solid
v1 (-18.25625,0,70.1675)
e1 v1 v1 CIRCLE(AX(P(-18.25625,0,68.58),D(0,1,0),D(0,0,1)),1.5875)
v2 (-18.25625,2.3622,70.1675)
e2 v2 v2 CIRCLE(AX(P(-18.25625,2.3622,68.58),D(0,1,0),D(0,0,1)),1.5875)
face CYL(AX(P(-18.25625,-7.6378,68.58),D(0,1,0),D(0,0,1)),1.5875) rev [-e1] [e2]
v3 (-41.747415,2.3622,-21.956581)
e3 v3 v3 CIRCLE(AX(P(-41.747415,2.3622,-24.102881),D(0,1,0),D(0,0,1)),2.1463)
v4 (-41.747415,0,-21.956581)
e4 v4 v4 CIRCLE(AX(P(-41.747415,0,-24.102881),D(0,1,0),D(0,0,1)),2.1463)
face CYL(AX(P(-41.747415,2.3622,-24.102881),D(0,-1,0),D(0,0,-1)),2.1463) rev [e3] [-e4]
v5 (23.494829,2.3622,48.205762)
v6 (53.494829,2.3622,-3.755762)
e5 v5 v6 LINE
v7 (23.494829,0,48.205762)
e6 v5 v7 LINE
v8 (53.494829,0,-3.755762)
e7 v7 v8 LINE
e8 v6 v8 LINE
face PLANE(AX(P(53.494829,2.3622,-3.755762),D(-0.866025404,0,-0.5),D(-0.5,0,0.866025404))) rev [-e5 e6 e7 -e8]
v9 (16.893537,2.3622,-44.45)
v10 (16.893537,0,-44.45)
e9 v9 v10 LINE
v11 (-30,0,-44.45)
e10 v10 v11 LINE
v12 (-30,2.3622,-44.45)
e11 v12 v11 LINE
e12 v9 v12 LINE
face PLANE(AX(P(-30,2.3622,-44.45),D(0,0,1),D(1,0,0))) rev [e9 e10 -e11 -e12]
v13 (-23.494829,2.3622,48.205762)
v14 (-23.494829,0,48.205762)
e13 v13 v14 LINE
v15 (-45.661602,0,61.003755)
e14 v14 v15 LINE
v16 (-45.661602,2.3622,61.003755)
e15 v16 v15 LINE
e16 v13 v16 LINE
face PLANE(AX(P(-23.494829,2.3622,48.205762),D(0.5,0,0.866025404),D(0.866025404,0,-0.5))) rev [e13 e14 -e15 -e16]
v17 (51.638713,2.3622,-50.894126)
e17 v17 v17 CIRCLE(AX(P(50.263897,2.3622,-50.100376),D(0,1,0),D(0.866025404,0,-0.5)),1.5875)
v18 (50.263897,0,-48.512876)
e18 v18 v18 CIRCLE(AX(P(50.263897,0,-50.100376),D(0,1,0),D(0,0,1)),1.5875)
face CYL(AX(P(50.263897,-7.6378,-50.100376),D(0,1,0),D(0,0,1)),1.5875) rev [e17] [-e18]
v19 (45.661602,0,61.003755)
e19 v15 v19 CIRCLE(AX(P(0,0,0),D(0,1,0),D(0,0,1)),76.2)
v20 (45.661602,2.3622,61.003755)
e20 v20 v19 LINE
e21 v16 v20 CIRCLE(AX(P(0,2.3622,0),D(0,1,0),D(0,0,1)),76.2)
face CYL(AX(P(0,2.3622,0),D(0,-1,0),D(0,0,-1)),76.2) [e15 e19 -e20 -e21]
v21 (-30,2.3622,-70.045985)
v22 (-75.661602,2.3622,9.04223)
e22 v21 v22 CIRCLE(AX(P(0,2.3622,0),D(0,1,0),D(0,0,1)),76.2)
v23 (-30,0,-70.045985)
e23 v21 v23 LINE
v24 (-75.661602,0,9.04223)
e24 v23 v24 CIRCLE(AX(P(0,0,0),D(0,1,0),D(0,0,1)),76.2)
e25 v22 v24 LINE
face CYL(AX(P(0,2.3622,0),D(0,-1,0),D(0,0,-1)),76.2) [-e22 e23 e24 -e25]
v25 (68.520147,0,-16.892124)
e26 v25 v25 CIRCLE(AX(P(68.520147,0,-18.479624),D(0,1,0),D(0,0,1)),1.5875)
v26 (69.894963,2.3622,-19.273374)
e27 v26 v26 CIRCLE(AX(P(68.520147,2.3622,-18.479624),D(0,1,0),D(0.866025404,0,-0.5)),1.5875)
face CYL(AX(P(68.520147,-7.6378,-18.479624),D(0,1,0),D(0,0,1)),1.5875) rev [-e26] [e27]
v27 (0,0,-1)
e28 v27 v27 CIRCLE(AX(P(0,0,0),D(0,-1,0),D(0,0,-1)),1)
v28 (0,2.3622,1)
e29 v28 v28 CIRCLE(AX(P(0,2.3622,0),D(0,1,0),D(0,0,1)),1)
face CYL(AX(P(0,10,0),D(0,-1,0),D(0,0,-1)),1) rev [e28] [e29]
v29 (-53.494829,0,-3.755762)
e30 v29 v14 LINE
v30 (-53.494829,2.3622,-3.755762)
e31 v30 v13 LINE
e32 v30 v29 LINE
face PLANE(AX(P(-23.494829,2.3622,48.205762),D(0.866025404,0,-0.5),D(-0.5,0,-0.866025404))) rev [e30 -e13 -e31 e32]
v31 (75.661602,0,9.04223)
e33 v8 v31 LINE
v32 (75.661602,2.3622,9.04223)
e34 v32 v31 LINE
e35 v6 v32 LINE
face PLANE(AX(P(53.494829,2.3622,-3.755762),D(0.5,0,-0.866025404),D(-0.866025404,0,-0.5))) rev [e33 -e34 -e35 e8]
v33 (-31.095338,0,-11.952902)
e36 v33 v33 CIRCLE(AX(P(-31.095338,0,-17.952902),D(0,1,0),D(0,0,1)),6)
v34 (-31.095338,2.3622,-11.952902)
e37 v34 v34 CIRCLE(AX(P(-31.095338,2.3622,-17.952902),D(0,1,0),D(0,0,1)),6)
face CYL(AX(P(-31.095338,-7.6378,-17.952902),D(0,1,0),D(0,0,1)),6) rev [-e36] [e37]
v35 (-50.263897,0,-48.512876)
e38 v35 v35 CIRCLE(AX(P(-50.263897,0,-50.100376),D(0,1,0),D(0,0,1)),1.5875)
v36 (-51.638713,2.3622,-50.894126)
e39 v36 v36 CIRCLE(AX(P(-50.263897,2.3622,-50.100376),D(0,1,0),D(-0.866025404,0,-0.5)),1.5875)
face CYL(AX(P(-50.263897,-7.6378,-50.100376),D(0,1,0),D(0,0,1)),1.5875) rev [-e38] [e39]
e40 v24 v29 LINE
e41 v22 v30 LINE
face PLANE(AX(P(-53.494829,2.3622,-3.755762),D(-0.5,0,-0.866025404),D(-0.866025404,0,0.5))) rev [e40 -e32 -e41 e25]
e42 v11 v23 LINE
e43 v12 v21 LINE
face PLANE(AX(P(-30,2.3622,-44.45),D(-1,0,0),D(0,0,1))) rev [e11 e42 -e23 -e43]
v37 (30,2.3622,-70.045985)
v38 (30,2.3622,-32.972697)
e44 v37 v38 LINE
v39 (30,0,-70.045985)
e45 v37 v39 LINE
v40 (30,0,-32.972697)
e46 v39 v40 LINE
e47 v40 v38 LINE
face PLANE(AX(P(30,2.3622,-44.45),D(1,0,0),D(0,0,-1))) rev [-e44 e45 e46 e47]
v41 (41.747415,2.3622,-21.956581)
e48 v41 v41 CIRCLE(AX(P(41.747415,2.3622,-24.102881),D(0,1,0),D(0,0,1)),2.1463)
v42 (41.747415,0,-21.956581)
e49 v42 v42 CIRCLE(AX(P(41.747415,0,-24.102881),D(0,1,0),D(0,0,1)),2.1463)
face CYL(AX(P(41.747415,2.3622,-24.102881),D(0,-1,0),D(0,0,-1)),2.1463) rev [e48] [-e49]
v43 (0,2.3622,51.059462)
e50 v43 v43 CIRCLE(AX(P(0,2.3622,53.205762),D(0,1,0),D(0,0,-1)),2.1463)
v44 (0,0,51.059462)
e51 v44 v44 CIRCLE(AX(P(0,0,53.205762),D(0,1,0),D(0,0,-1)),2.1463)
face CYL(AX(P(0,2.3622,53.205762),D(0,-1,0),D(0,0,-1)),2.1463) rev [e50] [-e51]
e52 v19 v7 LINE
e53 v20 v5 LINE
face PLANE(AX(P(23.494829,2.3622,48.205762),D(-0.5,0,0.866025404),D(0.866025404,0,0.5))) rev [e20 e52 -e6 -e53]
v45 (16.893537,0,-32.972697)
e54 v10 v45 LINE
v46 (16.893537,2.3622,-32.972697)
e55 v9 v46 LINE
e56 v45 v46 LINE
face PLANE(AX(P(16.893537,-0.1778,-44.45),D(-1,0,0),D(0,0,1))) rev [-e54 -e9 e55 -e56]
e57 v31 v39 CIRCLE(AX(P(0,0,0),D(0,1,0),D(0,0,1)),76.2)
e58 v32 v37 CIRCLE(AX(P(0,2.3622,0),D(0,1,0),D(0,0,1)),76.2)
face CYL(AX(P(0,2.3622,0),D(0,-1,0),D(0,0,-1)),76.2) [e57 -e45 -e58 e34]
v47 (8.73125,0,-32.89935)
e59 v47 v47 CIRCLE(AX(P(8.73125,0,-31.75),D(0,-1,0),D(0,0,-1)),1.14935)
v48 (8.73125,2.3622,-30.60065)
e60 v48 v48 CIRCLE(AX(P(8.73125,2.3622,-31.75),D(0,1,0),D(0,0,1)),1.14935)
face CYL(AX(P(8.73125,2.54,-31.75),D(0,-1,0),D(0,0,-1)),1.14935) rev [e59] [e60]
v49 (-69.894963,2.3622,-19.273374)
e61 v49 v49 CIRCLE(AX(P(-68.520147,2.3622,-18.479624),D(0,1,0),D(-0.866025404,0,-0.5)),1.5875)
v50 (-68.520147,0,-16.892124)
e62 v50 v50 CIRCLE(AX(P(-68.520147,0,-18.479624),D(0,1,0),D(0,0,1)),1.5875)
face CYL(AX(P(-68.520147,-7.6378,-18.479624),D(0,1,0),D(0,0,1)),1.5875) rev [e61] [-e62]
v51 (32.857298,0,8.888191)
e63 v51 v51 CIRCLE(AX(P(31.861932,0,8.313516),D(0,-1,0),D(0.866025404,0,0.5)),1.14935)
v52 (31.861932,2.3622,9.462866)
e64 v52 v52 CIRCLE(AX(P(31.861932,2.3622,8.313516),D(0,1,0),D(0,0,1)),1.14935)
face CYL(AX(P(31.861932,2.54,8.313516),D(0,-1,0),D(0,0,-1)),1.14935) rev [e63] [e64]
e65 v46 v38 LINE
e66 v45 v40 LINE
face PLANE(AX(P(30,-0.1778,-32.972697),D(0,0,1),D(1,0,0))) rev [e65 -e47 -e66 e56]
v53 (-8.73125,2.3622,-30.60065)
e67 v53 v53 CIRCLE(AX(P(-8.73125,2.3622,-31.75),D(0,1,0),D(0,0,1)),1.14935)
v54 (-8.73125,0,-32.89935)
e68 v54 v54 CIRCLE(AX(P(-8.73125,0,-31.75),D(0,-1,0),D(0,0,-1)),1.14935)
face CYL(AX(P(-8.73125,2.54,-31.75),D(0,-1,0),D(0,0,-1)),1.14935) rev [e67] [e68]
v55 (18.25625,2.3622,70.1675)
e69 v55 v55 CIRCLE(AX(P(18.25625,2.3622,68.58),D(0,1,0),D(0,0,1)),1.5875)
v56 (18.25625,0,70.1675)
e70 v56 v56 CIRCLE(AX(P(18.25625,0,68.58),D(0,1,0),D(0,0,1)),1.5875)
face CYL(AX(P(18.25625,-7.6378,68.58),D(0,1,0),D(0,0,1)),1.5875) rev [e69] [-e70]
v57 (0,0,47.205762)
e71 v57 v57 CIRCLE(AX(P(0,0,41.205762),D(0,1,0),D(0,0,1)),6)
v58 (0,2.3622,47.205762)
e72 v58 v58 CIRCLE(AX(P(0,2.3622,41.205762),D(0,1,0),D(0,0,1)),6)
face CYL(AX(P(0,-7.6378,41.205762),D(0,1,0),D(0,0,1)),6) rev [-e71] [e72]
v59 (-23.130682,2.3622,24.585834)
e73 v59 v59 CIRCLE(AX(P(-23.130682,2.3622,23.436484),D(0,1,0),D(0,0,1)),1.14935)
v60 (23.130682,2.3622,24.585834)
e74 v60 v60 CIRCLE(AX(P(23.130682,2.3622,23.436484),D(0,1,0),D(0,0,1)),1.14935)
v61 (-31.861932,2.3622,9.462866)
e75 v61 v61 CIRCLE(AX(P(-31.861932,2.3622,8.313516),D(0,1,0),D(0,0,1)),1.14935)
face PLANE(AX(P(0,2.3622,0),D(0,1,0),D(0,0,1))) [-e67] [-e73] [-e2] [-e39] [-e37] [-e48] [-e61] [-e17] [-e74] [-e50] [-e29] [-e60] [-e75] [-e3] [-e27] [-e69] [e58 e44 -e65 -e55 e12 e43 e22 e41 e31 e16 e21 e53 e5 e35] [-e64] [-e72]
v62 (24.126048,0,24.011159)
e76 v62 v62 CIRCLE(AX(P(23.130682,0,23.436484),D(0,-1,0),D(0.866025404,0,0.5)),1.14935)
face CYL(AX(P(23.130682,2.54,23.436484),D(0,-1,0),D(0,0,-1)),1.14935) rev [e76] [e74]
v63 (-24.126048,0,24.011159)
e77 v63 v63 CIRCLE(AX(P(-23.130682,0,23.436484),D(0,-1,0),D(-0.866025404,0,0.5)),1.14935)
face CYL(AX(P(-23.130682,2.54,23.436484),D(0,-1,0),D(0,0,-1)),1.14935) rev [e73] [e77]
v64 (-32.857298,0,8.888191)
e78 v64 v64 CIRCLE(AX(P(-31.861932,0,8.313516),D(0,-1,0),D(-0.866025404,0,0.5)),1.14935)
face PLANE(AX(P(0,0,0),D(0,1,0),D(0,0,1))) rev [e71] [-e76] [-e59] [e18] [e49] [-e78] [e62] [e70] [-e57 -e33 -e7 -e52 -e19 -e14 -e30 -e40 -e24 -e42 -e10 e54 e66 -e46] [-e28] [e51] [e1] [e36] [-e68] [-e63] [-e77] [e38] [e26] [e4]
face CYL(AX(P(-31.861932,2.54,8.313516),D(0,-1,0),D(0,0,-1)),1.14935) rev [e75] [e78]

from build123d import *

# Parameters (mm, degrees)
SKETCH1_R           = 2.1463
BOSS_EXTRUDE1_DEPTH = 2.3622
SKETCH2_R           = 1.5875
CUT_EXTRUDE1_DEPTH  = 10
SKETCH4_R           = 6
SKETCH4_R_2         = 5.999999938
CUT_EXTRUDE3_DEPTH  = 10
SKETCH6_R           = 1
CUT_EXTRUDE4_DEPTH  = 10
CIRPATTERN2_COUNT   = 3
SKETCH7_R           = 1.14935
CUT_EXTRUDE5_DEPTH  = 2.54
CIRPATTERN3_COUNT   = 3
SKETCH8_W           = 13.106463283
SKETCH8_H           = 11.477303128
CUT_EXTRUDE6_DEPTH  = 2.54


with BuildPart() as part:
    # Sketch1 → Boss-Extrude1 (new body)
    with BuildSketch(Plane(origin=(0, 0, 0), x_dir=(1, 0, 0), z_dir=(0, 1, 0))):
        with BuildLine():
            Line((-30, 44.45), (-30, 70.045984896))
            ThreePointArc((-30, 70.045984896), (-65.991135768, 38.1), (-75.661602353, -9.042230334))
            Line((-75.661602353, -9.042230334), (-53.494829198, 3.755762114))
            Line((-53.494829198, 3.755762114), (-23.494829198, -48.205762114))
            Line((-23.494829198, -48.205762114), (-45.661602353, -61.003754561))
            ThreePointArc((-45.661602353, -61.003754561), (0, -76.2), (45.661602353, -61.003754561))
            Line((45.661602353, -61.003754561), (23.494829198, -48.205762114))
            Line((23.494829198, -48.205762114), (53.494829198, 3.755762114))
            Line((53.494829198, 3.755762114), (75.661602353, -9.042230334))
            ThreePointArc((75.661602353, -9.042230334), (65.991135768, 38.1), (30, 70.045984896))
            Line((30, 70.045984896), (30, 44.45))
            Line((30, 44.45), (-30, 44.45))
        make_face()
        with Locations(Location((-41.747414599, 24.102881057, 0), (0, 0, 270))):
            Circle(SKETCH1_R, mode=Mode.SUBTRACT)
        with Locations(Location((41.747414599, 24.102881057, 0), (0, 0, 270))):
            Circle(SKETCH1_R, mode=Mode.SUBTRACT)
        with Locations(Location((0, -53.205762114, 0), (0, 0, 90))):
            Circle(SKETCH1_R, mode=Mode.SUBTRACT)
    extrude(amount=BOSS_EXTRUDE1_DEPTH)

    # Sketch2 → Cut-Extrude1 (cut)
    with BuildSketch(Plane(origin=(0, 2.3622, 0), x_dir=(1, 0, 0), z_dir=(0, 1, 0))):
        with Locations(Location((18.25625, -68.58, 0), (0, 0, 270))):
            Circle(SKETCH2_R)
        with Locations(Location((-18.25625, -68.58, 0), (0, 0, 270))):
            Circle(SKETCH2_R)
    cut_extrude1 = extrude(amount=-CUT_EXTRUDE1_DEPTH, mode=Mode.SUBTRACT)

    # Sketch4 → Cut-Extrude3 (cut)
    with BuildSketch(Plane(origin=(0, 2.3622, 0), x_dir=(1, 0, 0), z_dir=(0, 1, 0))):
        with Locations(Location((0, -41.205762114, 0), (0, 0, 270))):
            Circle(SKETCH4_R)
        with Locations(Location((-31.095337868, 17.952901689, 0), (0, 0, 270))):
            Circle(SKETCH4_R_2)
    extrude(amount=-CUT_EXTRUDE3_DEPTH, mode=Mode.SUBTRACT)

    # Sketch6 → Cut-Extrude4 (cut)
    with BuildSketch(Plane.XZ):
        with Locations(Location((0, 0, 0), (0, 0, 270))):
            Circle(SKETCH6_R)
    extrude(amount=-CUT_EXTRUDE4_DEPTH, mode=Mode.SUBTRACT)

    # CirPattern2: Cut-Extrude1 ×3 about axis
    cirpattern2_axis = Axis((0, 0, 0), (0, 1, 0))
    for i in range(1, CIRPATTERN2_COUNT):
        add(cut_extrude1.rotate(cirpattern2_axis, i * 360 / CIRPATTERN2_COUNT), mode=Mode.SUBTRACT)

    # Sketch7 → Cut-Extrude5 (cut)
    with BuildSketch(Plane.XZ):
        with Locations(Location((8.73125, -31.75, 0), (0, 0, 270))):
            Circle(SKETCH7_R)
        with Locations(Location((-8.73125, -31.75, 0), (0, 0, 270))):
            Circle(SKETCH7_R)
    cut_extrude5 = extrude(amount=-CUT_EXTRUDE5_DEPTH, mode=Mode.SUBTRACT)

    # CirPattern3: Cut-Extrude5 ×3 about axis
    cirpattern3_axis = Axis((0, 0, 0), (0, 1, 0))
    for i in range(1, CIRPATTERN3_COUNT):
        add(cut_extrude5.rotate(cirpattern3_axis, i * 360 / CIRPATTERN3_COUNT), mode=Mode.SUBTRACT)

    # Sketch8 → Cut-Extrude6 (cut)
    with BuildSketch(Plane(origin=(0, 2.3622, 0), x_dir=(1, 0, 0), z_dir=(0, 1, 0))):
        with Locations((23.446768359, 38.711348436)):
            Rectangle(SKETCH8_W, SKETCH8_H)
    extrude(amount=-CUT_EXTRUDE6_DEPTH, mode=Mode.SUBTRACT)


solid = part.part
